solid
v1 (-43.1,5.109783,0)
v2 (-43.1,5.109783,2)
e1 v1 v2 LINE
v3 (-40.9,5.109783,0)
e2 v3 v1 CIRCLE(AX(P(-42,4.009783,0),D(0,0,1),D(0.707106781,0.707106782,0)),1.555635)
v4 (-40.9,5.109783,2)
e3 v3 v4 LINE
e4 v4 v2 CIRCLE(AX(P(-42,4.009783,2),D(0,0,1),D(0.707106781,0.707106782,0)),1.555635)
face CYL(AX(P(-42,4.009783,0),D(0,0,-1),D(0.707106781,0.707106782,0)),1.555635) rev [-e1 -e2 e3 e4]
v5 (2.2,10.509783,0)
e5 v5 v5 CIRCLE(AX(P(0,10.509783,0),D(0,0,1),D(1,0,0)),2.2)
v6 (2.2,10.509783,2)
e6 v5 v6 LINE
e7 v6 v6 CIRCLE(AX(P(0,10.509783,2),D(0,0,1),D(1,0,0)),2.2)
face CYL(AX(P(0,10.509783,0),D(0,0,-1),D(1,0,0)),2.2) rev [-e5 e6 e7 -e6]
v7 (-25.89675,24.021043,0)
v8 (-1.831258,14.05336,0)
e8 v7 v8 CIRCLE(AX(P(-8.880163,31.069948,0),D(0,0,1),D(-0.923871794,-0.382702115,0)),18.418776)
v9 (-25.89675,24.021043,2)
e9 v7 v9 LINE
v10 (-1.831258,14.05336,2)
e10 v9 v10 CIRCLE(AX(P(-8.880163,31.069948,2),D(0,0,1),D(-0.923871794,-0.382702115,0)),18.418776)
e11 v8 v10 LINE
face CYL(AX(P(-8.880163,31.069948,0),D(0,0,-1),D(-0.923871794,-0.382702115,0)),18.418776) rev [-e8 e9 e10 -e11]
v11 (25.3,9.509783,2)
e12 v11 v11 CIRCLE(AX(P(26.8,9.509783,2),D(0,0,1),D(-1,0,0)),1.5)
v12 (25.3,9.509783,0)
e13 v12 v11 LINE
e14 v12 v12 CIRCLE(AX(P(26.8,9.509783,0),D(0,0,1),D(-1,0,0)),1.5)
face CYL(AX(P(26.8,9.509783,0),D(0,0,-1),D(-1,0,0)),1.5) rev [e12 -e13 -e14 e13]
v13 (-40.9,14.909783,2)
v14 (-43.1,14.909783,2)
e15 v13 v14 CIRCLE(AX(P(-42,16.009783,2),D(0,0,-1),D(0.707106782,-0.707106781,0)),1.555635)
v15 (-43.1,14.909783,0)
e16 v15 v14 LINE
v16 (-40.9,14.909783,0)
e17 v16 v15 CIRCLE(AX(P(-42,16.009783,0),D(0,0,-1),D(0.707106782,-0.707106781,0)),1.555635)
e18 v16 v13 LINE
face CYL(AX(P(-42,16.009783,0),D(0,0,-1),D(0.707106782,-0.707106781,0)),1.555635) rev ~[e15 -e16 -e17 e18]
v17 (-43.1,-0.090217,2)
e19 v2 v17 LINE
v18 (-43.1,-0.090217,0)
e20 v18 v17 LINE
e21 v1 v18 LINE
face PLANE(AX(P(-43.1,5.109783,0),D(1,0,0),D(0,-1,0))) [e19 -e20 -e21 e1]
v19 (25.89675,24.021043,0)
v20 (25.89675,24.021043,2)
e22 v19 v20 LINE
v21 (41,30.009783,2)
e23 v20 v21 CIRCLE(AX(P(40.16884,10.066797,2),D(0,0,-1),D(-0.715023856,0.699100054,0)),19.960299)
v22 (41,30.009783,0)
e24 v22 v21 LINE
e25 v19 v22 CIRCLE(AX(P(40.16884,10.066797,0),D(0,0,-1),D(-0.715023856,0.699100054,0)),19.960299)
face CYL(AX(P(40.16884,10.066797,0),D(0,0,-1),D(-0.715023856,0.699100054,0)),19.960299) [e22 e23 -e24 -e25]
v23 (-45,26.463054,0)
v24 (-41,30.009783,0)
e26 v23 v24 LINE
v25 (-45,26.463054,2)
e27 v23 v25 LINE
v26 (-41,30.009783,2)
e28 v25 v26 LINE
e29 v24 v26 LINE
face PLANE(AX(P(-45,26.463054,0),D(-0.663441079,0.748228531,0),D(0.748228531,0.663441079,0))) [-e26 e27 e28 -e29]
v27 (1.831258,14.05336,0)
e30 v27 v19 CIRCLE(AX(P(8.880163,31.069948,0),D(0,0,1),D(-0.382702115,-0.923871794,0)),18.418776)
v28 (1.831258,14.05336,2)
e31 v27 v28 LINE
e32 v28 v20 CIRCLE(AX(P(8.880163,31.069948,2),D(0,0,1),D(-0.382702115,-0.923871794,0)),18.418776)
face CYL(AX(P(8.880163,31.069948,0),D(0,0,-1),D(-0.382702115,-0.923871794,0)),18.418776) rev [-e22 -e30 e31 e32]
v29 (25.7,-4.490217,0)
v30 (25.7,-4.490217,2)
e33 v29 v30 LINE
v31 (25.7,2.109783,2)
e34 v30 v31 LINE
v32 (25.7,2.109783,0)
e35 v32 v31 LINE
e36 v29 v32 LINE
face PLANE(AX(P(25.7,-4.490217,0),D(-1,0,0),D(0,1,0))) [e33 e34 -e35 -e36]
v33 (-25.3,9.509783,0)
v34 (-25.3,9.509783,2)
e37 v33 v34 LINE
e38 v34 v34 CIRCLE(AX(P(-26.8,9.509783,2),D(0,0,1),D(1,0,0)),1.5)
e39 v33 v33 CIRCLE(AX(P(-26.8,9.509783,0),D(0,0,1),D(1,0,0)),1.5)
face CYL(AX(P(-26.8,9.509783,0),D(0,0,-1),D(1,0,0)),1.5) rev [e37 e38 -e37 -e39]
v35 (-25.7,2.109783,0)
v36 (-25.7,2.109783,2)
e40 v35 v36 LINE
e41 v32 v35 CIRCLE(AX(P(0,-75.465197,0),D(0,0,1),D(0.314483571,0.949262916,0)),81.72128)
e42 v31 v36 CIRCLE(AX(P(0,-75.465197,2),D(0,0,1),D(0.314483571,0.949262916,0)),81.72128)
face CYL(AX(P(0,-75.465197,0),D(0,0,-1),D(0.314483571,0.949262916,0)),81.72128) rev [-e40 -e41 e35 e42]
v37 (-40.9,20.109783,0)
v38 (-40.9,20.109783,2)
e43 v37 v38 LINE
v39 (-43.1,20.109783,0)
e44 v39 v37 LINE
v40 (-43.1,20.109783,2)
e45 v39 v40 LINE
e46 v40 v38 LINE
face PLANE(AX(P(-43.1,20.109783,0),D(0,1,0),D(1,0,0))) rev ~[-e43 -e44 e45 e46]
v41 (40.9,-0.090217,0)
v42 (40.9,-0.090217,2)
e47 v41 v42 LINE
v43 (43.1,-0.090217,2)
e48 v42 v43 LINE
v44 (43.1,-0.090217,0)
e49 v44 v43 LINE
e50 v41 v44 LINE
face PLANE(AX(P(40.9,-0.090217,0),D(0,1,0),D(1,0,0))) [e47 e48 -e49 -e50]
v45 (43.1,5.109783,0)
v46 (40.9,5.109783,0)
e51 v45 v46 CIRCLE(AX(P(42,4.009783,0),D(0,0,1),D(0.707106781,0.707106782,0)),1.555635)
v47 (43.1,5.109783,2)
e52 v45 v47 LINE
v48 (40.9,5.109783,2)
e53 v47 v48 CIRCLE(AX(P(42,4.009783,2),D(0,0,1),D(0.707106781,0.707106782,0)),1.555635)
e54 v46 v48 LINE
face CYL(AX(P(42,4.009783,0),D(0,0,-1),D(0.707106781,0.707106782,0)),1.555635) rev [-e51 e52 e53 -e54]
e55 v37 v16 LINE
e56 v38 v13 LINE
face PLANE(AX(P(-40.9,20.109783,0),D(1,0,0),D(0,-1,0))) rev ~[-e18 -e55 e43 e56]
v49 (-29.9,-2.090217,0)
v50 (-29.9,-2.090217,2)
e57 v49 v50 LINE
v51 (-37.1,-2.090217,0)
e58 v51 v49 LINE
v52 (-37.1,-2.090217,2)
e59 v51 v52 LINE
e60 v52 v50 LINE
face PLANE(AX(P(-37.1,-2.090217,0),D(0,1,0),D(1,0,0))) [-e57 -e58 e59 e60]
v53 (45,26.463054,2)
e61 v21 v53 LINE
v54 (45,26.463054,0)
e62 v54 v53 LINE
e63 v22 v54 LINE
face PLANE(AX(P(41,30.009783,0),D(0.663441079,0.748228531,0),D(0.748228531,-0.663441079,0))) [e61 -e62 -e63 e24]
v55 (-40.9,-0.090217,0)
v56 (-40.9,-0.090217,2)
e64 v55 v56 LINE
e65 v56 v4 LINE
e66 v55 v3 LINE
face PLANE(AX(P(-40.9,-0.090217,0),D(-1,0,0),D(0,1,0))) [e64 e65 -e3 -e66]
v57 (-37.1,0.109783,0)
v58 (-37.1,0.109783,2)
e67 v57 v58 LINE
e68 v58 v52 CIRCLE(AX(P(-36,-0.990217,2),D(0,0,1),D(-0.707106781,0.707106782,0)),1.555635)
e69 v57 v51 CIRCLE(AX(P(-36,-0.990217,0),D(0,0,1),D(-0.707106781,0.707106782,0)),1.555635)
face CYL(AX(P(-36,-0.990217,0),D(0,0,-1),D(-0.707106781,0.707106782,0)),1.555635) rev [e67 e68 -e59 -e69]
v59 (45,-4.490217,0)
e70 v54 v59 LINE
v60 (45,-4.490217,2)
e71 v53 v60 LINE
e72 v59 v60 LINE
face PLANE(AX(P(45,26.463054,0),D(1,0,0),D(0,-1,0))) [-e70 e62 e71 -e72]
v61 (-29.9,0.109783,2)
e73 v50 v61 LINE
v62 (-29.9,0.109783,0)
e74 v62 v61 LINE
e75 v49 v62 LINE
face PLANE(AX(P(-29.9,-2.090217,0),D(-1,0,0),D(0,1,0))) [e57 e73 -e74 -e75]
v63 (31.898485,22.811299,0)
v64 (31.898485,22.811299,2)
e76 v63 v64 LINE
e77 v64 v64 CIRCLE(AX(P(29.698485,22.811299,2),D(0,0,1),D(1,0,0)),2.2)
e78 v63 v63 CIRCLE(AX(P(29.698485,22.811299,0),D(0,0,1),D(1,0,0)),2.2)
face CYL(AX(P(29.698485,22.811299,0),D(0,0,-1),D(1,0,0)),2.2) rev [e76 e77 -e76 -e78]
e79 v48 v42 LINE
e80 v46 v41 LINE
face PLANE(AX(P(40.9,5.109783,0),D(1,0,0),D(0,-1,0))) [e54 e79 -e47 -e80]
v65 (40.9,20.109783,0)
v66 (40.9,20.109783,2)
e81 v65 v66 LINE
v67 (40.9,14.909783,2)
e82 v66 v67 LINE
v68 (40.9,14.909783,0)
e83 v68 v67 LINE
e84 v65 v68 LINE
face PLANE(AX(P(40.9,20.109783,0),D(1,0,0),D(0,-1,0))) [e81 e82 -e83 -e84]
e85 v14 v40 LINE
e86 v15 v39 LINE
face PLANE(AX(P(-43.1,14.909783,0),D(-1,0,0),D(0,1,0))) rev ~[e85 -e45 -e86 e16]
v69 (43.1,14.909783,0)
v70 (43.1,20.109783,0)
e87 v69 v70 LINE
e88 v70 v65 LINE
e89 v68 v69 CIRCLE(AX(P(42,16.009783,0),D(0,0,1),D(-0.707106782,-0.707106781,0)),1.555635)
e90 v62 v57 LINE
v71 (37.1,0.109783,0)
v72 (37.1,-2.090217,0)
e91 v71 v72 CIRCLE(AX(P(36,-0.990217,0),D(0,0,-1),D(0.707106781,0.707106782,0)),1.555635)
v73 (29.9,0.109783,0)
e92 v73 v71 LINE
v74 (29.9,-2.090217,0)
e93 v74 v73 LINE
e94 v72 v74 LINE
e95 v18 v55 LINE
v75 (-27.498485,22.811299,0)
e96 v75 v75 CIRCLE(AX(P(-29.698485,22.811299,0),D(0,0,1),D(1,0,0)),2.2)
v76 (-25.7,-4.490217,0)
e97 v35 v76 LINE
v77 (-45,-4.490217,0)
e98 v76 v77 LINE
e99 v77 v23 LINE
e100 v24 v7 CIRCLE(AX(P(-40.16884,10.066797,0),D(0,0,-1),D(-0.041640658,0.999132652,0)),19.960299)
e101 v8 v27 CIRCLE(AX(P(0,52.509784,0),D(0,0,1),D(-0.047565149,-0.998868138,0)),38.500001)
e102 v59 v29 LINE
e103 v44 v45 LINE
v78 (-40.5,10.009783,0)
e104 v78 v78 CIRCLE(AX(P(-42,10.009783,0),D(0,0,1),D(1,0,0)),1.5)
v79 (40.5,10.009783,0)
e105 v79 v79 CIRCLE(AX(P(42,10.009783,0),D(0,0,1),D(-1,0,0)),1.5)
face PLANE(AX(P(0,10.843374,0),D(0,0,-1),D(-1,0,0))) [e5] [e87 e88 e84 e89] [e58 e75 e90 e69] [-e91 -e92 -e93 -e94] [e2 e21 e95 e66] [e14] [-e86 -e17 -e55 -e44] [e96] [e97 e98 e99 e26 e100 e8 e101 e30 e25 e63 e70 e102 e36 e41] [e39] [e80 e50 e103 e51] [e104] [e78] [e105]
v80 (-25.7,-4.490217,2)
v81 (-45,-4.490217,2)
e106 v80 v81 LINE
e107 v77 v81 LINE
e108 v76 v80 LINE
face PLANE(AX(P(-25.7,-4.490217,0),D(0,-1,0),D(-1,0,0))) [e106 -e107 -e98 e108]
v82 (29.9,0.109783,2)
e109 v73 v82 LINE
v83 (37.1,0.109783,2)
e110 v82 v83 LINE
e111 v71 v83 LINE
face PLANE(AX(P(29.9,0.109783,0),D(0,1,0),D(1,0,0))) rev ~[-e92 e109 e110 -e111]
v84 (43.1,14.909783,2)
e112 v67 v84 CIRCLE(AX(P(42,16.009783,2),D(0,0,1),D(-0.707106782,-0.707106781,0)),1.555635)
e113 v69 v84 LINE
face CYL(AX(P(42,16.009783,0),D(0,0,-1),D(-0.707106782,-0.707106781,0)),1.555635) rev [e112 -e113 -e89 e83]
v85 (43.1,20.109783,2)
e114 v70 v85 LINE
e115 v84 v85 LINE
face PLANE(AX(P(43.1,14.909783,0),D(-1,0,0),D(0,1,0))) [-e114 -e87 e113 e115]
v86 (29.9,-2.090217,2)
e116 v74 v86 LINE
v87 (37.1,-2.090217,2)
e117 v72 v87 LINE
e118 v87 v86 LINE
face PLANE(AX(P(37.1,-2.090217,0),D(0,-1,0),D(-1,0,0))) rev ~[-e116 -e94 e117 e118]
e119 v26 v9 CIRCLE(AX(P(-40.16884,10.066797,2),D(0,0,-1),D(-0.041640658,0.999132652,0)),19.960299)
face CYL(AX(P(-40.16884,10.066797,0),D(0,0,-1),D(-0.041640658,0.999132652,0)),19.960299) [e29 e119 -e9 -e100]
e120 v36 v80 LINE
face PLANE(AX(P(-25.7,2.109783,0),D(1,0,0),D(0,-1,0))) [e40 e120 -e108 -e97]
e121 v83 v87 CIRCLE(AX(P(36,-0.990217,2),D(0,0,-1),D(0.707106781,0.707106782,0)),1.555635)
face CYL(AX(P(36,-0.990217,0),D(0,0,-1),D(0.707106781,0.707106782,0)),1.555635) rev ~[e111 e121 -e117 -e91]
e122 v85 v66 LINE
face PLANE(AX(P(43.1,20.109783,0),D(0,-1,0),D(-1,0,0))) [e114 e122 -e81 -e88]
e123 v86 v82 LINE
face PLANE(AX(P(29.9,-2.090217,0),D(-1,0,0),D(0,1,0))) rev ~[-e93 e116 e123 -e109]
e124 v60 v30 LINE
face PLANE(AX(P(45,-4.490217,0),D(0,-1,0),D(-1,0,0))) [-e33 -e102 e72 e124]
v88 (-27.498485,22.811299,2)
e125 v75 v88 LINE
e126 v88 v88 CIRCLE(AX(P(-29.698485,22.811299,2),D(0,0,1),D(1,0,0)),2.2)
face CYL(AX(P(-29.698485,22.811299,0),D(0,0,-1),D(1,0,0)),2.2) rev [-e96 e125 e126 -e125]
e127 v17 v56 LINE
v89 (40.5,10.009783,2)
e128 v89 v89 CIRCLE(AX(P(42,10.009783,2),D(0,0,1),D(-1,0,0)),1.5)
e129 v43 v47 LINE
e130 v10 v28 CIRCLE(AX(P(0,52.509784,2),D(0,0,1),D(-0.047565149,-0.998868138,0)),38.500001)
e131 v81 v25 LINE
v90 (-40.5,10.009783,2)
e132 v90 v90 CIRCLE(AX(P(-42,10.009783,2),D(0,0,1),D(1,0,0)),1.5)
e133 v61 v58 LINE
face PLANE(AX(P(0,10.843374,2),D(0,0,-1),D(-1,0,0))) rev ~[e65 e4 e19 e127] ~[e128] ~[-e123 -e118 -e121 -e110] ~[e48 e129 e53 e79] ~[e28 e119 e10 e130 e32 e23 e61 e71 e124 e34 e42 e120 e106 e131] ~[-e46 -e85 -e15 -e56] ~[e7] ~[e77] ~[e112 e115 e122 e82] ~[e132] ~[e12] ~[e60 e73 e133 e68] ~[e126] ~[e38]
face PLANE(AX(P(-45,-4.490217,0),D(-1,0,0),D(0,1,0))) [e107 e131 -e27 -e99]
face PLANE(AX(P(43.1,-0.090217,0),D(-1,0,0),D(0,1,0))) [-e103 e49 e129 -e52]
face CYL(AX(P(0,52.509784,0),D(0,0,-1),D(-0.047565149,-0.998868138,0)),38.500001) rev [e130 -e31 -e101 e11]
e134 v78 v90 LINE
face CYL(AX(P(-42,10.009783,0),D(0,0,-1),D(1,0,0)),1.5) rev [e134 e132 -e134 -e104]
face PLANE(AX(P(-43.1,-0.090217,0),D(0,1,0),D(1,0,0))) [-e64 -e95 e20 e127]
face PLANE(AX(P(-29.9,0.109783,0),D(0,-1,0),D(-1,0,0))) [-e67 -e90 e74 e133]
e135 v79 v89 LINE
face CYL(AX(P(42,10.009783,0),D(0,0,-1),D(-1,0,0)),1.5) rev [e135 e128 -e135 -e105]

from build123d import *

# Parameters (mm, degrees)
SKETCH_3_R      = 2.2
SKETCH_3_R_2    = 1.5
EXTRUDE_1_DEPTH = 2


with BuildPart() as part:
    # 草图3 → 凸台-拉伸1 (new body)
    with BuildSketch(Plane.XY):
        with BuildLine():
            Line((-41, -4.490216685), (-42, -4.490216685))
            Line((-42, -4.490216685), (-44, -4.490216685))
            Line((-44, -4.490216685), (-45, -4.490216685))
            Line((-45, -4.490216685), (-45, 4.509783315))
            Line((-45, 4.509783315), (-45, 14.509783315))
            Line((-45, 14.509783315), (-45, 26.463053661))
            Line((-45, 26.463053661), (-41, 30.009783315))
            ThreePointArc((-41, 30.009783315), (-32.811469568, 28.6216516), (-25.896750373, 24.021043081))
            ThreePointArc((-25.896750373, 24.021043081), (-15.928379069, 14.053074936), (-1.831258252, 14.053360012))
            ThreePointArc((-1.831258252, 14.053360012), (0, 14.009783315), (1.831258252, 14.053360012))
            ThreePointArc((1.831258252, 14.053360012), (15.928379069, 14.053074936), (25.896750373, 24.021043081))
            ThreePointArc((25.896750373, 24.021043081), (32.811469568, 28.6216516), (41, 30.009783315))
            Line((41, 30.009783315), (45, 26.463053661))
            Line((45, 26.463053661), (45, 14.509783315))
            Line((45, 14.509783315), (45, 4.509783315))
            Line((45, 4.509783315), (45, -4.490216685))
            Line((45, -4.490216685), (41, -4.490216685))
            Line((41, -4.490216685), (25.7, -4.490216685))
            Line((25.7, -4.490216685), (25.7, -0.390216685))
            Line((25.7, -0.390216685), (25.7, 2.109783315))
            ThreePointArc((25.7, 2.109783315), (0, 6.256082772), (-25.7, 2.109783315))
            Line((-25.7, 2.109783315), (-25.7, -0.390216685))
            Line((-25.7, -0.390216685), (-25.7, -4.490216685))
            Line((-25.7, -4.490216685), (-41, -4.490216685))
        make_face()
        with Locations((0, 10.509783315)):
            Circle(SKETCH_3_R, mode=Mode.SUBTRACT)
        with Locations((-29.69848481, 22.811298505)):
            Circle(SKETCH_3_R, mode=Mode.SUBTRACT)
        with Locations((-26.8, 9.509783315)):
            Circle(SKETCH_3_R_2, mode=Mode.SUBTRACT)
        with Locations(Location((26.8, 9.509783315, 0), (0, 0, 180))):
            Circle(SKETCH_3_R_2, mode=Mode.SUBTRACT)
        with Locations((-42, 10.009783315)):
            Circle(SKETCH_3_R_2, mode=Mode.SUBTRACT)
        with Locations(Location((42, 10.009783315, 0), (0, 0, 180))):
            Circle(SKETCH_3_R_2, mode=Mode.SUBTRACT)
        with Locations((29.69848481, 22.811298505)):
            Circle(SKETCH_3_R, mode=Mode.SUBTRACT)
        with BuildLine():
            Line((-37.1, -2.090216685), (-29.9, -2.090216685))
            Line((-29.9, -2.090216685), (-29.9, 0.109783315))
            Line((-29.9, 0.109783315), (-37.1, 0.109783315))
            ThreePointArc((-37.1, 0.109783315), (-37.555634919, -0.990216685), (-37.1, -2.090216685))
        make_face(mode=Mode.SUBTRACT)
        with BuildLine():
            Line((29.9, -2.090216685), (29.9, 0.109783315))
            Line((29.9, 0.109783315), (37.1, 0.109783315))
            ThreePointArc((37.1, 0.109783315), (37.555634919, -0.990216685), (37.1, -2.090216685))
            Line((37.1, -2.090216685), (29.9, -2.090216685))
        make_face(mode=Mode.SUBTRACT)
        with BuildLine():
            Line((-43.1, 5.109783315), (-43.1, -0.090216685))
            Line((-43.1, -0.090216685), (-40.9, -0.090216685))
            Line((-40.9, -0.090216685), (-40.9, 5.109783315))
            ThreePointArc((-40.9, 5.109783315), (-42, 5.565418233), (-43.1, 5.109783315))
        make_face(mode=Mode.SUBTRACT)
        with BuildLine():
            Line((-43.1, 20.109783315), (-40.9, 20.109783315))
            Line((-40.9, 20.109783315), (-40.9, 14.909783315))
            ThreePointArc((-40.9, 14.909783315), (-42, 14.454148396), (-43.1, 14.909783315))
            Line((-43.1, 14.909783315), (-43.1, 20.109783315))
        make_face(mode=Mode.SUBTRACT)
        with BuildLine():
            Line((40.9, 20.109783315), (40.9, 14.909783315))
            ThreePointArc((40.9, 14.909783315), (42, 14.454148396), (43.1, 14.909783315))
            Line((43.1, 14.909783315), (43.1, 20.109783315))
            Line((43.1, 20.109783315), (40.9, 20.109783315))
        make_face(mode=Mode.SUBTRACT)
        with BuildLine():
            Line((40.9, 5.109783315), (40.9, -0.090216685))
            Line((40.9, -0.090216685), (43.1, -0.090216685))
            Line((43.1, -0.090216685), (43.1, 5.109783315))
            ThreePointArc((43.1, 5.109783315), (42, 5.565418233), (40.9, 5.109783315))
        make_face(mode=Mode.SUBTRACT)
    extrude(amount=EXTRUDE_1_DEPTH)


solid = part.part
